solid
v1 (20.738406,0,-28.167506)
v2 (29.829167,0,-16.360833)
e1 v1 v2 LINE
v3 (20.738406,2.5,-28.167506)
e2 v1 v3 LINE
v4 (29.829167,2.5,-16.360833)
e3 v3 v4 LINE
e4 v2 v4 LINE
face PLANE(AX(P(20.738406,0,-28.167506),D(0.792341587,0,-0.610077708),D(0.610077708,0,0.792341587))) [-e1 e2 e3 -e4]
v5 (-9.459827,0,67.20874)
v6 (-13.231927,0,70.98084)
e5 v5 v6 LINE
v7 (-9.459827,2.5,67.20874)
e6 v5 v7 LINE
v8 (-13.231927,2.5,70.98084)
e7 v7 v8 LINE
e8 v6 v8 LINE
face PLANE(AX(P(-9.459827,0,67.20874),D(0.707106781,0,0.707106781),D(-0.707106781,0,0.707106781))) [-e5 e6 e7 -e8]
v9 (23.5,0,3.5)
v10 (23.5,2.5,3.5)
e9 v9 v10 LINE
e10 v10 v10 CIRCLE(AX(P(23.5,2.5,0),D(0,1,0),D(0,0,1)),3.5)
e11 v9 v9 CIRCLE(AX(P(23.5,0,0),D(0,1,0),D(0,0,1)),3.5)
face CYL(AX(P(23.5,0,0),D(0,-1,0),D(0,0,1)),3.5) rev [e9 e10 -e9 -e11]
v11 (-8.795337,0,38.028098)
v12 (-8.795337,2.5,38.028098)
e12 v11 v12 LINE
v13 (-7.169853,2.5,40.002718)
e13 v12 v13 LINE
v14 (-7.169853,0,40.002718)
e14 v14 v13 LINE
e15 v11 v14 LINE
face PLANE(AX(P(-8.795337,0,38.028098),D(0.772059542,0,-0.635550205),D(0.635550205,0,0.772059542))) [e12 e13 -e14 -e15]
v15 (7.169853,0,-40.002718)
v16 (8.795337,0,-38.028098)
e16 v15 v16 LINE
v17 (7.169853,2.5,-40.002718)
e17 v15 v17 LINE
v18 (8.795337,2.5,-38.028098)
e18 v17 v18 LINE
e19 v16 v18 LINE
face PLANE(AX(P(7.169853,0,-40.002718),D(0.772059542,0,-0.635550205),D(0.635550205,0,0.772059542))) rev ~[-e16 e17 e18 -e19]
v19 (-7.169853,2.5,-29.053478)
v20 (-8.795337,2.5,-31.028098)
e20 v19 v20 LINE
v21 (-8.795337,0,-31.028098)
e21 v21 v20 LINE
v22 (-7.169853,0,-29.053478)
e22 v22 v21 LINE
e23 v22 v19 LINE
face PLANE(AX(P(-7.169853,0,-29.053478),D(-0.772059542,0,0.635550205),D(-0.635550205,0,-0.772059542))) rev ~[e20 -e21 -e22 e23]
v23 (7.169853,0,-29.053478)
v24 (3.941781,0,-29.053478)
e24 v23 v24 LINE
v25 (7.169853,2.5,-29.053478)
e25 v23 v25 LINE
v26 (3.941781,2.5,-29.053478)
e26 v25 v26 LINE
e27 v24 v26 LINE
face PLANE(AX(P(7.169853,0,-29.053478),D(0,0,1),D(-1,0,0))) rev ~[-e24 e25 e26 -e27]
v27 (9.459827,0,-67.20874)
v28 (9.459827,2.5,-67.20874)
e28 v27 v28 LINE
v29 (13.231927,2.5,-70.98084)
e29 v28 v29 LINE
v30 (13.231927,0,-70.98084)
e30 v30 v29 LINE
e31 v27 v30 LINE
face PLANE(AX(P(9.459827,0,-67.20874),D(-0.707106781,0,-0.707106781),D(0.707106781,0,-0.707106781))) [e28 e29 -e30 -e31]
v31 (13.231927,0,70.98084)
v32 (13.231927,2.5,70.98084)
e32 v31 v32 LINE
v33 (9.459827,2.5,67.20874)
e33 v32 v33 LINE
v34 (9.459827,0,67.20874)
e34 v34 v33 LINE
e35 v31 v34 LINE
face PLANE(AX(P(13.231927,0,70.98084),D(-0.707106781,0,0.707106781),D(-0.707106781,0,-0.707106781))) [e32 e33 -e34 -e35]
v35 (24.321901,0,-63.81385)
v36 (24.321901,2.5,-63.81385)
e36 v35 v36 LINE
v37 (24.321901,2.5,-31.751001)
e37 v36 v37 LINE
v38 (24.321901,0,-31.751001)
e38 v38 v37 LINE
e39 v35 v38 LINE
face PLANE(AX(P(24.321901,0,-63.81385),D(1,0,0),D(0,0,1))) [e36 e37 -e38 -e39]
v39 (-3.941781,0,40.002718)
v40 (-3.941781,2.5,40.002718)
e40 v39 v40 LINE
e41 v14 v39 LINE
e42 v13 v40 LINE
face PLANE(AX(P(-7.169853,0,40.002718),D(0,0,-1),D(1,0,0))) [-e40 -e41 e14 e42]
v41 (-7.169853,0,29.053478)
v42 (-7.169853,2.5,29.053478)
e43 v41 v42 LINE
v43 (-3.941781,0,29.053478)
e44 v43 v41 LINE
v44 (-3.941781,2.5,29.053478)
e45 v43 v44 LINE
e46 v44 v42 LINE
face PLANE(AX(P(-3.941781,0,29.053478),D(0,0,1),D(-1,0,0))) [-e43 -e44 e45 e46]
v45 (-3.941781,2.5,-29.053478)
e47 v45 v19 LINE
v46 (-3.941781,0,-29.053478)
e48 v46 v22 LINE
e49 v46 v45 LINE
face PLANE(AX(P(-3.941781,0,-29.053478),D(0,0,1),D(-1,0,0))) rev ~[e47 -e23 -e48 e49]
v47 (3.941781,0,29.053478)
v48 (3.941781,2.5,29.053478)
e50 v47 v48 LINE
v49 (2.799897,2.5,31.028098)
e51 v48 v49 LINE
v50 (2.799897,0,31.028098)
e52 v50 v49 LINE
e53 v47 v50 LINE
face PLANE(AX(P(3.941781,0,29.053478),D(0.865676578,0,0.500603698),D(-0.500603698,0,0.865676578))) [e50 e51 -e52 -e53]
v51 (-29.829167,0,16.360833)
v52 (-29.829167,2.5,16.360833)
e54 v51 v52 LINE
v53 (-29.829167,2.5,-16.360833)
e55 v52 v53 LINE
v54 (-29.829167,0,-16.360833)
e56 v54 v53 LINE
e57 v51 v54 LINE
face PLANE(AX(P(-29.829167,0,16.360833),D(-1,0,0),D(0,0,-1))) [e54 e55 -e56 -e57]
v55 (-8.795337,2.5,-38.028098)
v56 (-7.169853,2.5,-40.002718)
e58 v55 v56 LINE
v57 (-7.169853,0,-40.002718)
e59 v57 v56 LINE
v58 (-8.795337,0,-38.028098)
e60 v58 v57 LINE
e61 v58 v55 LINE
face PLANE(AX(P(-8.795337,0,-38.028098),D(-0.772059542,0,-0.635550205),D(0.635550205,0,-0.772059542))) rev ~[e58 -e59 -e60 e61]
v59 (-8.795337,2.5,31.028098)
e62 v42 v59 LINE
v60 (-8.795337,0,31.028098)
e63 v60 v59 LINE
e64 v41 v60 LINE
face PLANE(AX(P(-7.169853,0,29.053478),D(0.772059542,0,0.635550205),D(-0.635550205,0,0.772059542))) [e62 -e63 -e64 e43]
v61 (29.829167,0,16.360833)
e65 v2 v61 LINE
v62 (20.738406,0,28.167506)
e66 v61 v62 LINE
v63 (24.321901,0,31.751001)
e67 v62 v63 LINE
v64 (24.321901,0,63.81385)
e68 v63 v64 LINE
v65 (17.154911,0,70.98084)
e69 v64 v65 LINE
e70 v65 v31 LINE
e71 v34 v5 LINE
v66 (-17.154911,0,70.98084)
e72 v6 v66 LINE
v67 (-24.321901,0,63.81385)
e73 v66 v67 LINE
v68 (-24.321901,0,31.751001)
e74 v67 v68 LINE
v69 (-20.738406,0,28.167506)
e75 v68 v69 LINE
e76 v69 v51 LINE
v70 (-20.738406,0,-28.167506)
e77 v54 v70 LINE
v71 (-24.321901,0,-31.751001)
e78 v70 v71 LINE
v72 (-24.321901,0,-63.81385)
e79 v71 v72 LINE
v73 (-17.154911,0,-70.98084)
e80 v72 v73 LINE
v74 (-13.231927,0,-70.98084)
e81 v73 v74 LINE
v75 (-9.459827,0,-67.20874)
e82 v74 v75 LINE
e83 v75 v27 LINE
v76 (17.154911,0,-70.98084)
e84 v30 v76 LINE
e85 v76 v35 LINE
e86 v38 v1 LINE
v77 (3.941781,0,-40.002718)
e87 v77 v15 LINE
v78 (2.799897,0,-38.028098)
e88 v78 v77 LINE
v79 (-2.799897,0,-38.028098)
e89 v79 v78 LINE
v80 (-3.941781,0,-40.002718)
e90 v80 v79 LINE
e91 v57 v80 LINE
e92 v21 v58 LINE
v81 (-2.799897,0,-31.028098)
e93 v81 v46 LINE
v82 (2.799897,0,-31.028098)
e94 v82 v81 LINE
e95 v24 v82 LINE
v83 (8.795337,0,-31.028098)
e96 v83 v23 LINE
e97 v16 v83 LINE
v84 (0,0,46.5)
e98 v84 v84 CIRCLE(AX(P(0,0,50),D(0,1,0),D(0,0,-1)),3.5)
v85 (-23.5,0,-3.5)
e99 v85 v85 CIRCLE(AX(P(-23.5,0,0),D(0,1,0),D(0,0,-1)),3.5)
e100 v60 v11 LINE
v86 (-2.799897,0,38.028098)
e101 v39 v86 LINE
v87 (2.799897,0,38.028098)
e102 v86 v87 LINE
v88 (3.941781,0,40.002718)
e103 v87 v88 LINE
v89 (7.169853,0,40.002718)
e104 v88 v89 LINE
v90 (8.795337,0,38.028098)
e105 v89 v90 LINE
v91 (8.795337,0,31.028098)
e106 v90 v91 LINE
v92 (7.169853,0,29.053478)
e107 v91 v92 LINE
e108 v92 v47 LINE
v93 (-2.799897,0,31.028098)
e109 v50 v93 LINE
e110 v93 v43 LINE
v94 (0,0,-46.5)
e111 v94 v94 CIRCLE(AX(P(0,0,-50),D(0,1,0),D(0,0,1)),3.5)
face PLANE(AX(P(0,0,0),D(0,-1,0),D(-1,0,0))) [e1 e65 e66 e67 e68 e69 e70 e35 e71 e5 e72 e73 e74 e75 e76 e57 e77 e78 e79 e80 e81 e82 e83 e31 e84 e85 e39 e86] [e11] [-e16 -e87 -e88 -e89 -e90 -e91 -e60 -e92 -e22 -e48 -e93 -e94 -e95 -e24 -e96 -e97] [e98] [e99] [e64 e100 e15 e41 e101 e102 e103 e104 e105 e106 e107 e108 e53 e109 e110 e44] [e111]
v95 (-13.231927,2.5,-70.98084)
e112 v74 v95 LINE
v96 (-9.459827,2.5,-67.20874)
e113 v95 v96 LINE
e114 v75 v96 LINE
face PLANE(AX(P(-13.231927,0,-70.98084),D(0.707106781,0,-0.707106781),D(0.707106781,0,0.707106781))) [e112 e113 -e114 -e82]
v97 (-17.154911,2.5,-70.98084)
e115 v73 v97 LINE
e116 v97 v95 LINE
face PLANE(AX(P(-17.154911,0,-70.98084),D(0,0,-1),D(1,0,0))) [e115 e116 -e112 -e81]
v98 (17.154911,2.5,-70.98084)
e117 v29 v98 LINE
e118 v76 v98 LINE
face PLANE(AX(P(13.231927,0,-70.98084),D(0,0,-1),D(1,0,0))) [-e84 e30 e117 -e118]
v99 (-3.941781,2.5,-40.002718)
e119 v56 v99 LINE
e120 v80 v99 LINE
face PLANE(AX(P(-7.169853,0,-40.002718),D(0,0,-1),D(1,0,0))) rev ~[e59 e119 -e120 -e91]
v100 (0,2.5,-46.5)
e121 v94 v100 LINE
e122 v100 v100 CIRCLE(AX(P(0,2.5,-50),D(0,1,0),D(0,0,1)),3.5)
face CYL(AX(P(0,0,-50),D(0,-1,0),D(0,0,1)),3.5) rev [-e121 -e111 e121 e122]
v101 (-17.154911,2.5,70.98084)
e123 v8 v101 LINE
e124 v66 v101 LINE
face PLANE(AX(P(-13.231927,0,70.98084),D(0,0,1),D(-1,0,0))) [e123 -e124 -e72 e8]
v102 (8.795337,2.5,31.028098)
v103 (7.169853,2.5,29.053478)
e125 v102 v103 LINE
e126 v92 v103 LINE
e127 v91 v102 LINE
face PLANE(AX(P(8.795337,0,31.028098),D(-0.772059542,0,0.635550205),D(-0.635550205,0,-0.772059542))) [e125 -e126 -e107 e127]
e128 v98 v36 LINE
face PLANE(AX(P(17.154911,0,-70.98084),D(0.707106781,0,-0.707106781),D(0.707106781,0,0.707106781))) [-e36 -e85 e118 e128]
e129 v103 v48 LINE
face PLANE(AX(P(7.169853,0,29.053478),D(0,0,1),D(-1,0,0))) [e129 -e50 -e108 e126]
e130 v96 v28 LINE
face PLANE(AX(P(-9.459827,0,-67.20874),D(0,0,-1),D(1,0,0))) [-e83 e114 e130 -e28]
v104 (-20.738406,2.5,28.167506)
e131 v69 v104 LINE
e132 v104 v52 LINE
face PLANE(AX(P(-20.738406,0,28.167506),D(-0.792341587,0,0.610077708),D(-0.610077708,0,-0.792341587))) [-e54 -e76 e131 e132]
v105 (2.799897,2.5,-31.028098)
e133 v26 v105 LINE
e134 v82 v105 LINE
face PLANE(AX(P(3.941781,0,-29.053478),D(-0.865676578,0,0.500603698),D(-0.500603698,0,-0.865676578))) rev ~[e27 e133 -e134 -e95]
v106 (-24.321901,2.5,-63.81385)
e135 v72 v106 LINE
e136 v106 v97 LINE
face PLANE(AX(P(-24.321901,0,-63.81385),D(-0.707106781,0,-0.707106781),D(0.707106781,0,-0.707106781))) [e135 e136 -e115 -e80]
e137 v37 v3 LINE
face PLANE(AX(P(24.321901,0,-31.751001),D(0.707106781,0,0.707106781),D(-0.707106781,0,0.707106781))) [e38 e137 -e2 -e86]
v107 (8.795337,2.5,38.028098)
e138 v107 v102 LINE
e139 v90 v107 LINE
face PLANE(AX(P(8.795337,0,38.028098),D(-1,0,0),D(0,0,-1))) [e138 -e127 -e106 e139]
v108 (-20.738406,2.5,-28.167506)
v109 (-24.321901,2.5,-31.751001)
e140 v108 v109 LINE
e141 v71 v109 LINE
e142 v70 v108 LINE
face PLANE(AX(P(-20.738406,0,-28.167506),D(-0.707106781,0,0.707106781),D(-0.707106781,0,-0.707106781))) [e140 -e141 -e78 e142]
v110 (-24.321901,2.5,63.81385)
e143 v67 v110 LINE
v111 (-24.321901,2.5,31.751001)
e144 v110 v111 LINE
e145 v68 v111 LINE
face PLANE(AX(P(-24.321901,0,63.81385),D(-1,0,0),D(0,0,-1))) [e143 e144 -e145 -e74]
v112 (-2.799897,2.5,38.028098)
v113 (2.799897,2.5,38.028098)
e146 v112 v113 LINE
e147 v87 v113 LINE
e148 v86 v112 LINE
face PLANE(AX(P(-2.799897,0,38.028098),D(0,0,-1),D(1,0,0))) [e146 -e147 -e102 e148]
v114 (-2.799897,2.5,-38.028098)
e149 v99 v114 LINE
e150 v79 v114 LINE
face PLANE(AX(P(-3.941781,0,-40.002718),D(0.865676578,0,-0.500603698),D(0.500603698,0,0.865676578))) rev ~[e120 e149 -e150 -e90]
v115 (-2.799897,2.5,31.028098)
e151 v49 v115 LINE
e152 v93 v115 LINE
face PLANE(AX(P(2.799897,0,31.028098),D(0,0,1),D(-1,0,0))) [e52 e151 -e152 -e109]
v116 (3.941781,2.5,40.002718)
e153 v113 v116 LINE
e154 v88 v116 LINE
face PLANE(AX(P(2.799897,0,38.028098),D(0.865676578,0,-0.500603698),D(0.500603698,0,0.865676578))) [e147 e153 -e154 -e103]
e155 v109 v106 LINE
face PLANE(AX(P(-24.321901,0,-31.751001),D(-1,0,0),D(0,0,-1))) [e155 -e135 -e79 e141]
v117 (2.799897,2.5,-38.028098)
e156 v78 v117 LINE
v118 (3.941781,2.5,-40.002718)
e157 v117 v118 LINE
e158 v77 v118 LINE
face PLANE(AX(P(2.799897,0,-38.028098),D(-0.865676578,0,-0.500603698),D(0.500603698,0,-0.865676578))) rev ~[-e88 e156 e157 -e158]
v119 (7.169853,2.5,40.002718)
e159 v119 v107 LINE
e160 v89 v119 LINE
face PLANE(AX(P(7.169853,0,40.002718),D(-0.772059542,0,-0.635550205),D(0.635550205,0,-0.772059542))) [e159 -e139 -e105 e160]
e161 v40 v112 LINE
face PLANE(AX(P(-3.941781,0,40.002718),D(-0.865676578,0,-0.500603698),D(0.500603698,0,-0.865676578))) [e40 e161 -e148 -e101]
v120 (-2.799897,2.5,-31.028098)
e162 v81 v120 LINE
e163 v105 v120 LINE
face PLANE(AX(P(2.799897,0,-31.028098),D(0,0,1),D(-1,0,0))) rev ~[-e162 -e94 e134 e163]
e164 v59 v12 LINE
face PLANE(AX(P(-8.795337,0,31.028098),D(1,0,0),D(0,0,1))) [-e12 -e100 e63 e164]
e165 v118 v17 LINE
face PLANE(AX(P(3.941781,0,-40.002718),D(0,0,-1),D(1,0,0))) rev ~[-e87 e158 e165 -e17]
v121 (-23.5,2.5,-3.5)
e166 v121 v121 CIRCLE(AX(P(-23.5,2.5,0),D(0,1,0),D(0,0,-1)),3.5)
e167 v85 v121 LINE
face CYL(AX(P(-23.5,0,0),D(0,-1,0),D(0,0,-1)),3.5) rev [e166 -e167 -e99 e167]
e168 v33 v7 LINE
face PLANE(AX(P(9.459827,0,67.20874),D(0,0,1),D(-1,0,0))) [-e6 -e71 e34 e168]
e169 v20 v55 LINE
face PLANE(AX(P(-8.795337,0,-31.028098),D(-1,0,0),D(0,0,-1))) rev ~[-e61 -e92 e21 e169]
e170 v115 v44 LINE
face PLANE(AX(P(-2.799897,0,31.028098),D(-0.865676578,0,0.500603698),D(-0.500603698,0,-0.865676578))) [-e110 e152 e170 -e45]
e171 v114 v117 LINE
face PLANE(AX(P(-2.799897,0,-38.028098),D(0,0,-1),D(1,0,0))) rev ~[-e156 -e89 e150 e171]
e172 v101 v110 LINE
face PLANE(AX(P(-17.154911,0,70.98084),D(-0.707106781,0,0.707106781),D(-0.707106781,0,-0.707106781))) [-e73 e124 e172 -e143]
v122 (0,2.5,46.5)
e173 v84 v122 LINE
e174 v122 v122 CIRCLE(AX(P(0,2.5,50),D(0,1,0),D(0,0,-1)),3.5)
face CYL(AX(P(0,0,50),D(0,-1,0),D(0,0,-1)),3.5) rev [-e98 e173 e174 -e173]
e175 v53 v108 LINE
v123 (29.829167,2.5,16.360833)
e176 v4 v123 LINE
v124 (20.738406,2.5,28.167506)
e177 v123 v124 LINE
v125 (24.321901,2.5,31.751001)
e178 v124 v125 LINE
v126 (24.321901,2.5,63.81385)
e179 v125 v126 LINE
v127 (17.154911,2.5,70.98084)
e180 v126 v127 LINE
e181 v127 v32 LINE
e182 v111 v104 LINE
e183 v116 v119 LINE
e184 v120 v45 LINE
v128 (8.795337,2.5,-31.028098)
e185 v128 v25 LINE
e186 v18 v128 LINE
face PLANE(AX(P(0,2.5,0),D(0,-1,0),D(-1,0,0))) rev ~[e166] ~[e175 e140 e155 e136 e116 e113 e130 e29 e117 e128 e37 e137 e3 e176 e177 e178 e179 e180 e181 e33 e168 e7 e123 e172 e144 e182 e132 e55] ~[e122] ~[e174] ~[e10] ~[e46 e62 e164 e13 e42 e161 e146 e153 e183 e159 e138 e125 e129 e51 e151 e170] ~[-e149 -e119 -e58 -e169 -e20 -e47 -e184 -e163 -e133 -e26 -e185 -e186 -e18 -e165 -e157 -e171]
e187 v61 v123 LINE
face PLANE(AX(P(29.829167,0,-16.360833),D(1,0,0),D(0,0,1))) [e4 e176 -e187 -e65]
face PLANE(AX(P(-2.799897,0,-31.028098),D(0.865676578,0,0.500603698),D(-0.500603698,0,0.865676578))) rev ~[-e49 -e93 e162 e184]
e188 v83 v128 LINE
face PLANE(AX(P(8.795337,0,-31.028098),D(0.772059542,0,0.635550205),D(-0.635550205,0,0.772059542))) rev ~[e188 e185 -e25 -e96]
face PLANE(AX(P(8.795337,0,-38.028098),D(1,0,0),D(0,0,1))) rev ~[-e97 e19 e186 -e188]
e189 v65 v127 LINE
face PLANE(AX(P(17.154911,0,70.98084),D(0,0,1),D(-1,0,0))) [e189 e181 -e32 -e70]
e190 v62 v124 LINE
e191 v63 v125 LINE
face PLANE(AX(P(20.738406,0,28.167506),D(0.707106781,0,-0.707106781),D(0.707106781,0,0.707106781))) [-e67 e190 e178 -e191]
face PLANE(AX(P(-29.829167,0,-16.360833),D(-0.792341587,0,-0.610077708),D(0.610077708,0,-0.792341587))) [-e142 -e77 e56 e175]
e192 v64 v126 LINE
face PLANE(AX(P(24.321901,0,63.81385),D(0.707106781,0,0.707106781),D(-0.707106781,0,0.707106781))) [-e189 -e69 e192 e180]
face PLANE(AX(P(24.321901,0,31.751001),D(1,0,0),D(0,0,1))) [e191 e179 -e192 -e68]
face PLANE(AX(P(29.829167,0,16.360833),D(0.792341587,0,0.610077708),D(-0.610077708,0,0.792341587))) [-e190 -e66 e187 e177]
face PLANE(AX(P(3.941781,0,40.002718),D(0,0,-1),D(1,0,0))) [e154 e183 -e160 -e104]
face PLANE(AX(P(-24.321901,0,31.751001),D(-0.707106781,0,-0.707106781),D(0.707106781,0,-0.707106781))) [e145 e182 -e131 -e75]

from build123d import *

# Parameters (mm, degrees)
SKETCH3_R           = 3.5
BOSS_EXTRUDE1_DEPTH = 2.5


with BuildPart() as part:
    # Sketch3 → Boss-Extrude1 (new body)
    with BuildSketch(Plane(origin=(0, 0, 0), x_dir=(1, 0, 0), z_dir=(0, 1, 0))):
        Polygon((-9.459826986, 67.208739943), (9.459826986, 67.208739943), (13.231926916, 70.980839873), (17.154910843, 70.980839873), (24.321900711, 63.813850005), (24.321900711, 31.751000599), (20.738405777, 28.167505665), (29.829166609, 16.360832883), (29.829166609, -16.360832883), (20.738405777, -28.167505665), (24.321900711, -31.751000599), (24.321900711, -63.813850005), (17.154910843, -70.980839873), (13.231926916, -70.980839873), (9.459826986, -67.208739943), (-9.459826986, -67.208739943), (-13.231926916, -70.980839873), (-17.154910843, -70.980839873), (-24.321900711, -63.813850005), (-24.321900711, -31.751000599), (-20.738405777, -28.167505665), (-29.829166609, -16.360832883), (-29.829166609, 16.360832883), (-20.738405777, 28.167505665), (-24.321900711, 31.751000599), (-24.321900711, 63.813850005), (-17.154910843, 70.980839873), (-13.231926916, 70.980839873), align=None)
        with Locations(Location((23.5, 0, 0), (0, 0, 270))):
            Circle(SKETCH3_R, mode=Mode.SUBTRACT)
        with Locations(Location((-23.5, 0, 0), (0, 0, 90))):
            Circle(SKETCH3_R, mode=Mode.SUBTRACT)
        with Locations(Location((0, 50, 0), (0, 0, 270))):
            Circle(SKETCH3_R, mode=Mode.SUBTRACT)
        with Locations(Location((0, -50, 0), (0, 0, 90))):
            Circle(SKETCH3_R, mode=Mode.SUBTRACT)
        Polygon((-2.79989697, 38.028097822), (2.79989697, 38.028097822), (3.941780629, 40.002717551), (7.169853306, 40.002717551), (8.795336711, 38.028097822), (8.795336711, 31.028097822), (7.169853306, 29.053478092), (3.941780629, 29.053478092), (2.79989697, 31.028097822), (-2.79989697, 31.028097822), (-3.941780629, 29.053478092), (-7.169853306, 29.053478092), (-8.795336711, 31.028097822), (-8.795336711, 38.028097822), (-7.169853306, 40.002717551), (-3.941780629, 40.002717551), align=None, mode=Mode.SUBTRACT)
        Polygon((-2.79989697, -31.028097822), (-3.941780629, -29.053478092), (-7.169853306, -29.053478092), (-8.795336711, -31.028097822), (-8.795336711, -38.028097822), (-7.169853306, -40.002717551), (-3.941780629, -40.002717551), (-2.79989697, -38.028097822), (2.79989697, -38.028097822), (3.941780629, -40.002717551), (7.169853306, -40.002717551), (8.795336711, -38.028097822), (8.795336711, -31.028097822), (7.169853306, -29.053478092), (3.941780629, -29.053478092), (2.79989697, -31.028097822), align=None, mode=Mode.SUBTRACT)
    extrude(amount=BOSS_EXTRUDE1_DEPTH)


solid = part.part
